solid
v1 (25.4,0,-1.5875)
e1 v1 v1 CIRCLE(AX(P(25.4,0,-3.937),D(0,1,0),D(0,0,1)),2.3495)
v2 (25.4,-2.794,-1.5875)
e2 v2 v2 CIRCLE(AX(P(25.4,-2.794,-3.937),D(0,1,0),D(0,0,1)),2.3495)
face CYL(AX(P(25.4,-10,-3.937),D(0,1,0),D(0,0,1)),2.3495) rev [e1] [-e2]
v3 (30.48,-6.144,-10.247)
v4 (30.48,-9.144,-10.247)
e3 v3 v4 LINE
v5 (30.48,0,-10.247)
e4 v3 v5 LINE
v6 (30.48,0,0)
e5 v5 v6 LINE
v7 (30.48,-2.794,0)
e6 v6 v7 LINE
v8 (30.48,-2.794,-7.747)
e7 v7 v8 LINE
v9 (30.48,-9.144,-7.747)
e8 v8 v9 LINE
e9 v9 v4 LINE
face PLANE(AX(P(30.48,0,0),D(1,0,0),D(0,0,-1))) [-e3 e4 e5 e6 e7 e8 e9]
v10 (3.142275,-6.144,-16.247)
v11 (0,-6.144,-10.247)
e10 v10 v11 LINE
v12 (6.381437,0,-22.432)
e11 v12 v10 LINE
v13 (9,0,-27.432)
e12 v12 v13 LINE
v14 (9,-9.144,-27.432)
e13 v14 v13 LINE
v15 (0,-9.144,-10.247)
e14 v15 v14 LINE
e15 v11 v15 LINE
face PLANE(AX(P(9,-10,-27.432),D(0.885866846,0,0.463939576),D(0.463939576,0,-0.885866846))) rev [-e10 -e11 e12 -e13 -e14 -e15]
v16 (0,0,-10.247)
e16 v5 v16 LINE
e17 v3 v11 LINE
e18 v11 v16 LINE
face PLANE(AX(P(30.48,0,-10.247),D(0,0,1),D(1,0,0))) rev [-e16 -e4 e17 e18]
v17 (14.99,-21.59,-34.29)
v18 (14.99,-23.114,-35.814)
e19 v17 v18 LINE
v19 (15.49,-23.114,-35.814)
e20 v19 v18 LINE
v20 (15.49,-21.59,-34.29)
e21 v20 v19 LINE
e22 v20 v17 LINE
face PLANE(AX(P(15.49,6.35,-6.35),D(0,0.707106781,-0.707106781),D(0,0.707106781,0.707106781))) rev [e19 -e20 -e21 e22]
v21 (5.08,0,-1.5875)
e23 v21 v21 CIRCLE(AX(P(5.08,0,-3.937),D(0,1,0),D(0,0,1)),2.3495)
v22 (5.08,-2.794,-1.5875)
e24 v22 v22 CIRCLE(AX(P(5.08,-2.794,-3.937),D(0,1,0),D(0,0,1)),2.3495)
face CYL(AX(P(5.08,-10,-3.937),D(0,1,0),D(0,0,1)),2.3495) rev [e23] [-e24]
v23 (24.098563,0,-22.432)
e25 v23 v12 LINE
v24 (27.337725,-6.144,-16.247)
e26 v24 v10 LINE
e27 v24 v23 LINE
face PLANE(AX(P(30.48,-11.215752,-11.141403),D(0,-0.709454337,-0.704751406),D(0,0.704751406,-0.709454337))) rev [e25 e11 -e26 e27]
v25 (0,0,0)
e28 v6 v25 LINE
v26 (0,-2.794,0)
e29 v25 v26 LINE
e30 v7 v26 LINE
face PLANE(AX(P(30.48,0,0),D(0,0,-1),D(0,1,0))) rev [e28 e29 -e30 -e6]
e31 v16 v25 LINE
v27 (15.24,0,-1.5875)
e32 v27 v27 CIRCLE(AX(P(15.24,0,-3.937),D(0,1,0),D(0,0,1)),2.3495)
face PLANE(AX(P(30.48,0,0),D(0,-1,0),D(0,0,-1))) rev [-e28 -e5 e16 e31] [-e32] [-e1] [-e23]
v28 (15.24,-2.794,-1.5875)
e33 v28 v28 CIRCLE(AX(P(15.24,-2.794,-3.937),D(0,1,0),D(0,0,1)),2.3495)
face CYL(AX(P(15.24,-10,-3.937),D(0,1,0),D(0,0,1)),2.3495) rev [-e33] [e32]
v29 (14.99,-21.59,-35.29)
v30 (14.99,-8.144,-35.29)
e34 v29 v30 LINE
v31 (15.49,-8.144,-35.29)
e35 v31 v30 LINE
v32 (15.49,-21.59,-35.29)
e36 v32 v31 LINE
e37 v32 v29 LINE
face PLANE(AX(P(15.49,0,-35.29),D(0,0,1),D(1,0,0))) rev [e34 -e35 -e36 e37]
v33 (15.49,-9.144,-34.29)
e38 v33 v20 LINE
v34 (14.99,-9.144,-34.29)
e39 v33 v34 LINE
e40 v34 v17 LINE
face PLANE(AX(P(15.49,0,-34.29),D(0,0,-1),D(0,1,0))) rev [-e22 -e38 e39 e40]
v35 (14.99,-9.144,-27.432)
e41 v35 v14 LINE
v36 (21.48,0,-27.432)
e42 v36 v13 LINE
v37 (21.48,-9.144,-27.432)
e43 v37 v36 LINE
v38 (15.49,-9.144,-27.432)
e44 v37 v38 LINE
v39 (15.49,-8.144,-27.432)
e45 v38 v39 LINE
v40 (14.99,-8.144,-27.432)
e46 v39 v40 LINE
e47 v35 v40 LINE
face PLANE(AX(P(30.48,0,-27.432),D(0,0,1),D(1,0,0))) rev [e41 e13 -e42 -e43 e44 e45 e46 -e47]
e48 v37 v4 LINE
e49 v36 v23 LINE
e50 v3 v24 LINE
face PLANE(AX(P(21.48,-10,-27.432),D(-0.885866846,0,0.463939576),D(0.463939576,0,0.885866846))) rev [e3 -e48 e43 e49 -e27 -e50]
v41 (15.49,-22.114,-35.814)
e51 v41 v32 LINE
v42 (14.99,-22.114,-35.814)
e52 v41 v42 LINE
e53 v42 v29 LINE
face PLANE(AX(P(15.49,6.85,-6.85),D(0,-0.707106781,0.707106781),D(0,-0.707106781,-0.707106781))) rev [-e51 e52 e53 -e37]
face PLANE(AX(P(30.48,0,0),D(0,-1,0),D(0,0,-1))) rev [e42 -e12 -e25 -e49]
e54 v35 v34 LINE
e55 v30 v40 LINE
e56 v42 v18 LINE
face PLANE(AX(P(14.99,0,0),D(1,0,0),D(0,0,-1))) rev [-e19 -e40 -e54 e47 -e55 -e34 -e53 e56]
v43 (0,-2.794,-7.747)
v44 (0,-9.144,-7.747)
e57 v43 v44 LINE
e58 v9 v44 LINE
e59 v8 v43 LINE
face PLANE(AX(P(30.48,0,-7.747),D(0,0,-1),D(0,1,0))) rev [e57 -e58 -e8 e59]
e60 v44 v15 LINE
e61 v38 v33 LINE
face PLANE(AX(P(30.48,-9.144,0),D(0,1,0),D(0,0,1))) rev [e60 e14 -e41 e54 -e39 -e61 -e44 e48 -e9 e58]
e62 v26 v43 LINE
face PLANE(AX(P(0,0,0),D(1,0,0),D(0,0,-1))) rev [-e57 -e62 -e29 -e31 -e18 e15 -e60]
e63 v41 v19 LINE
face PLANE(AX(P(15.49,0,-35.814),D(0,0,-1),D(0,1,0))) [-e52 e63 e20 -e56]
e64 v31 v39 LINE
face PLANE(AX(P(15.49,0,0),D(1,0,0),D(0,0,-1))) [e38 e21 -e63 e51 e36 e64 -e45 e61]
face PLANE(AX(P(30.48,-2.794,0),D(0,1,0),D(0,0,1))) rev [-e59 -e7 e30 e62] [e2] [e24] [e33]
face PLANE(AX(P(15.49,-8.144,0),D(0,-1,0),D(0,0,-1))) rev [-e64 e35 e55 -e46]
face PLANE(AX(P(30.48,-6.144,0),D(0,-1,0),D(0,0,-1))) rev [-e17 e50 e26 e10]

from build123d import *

# Parameters (mm, degrees)
BOSS_EXTRUDE1_DEPTH = 30.48
SKETCH2_R           = 2.3495
CUT_EXTRUDE1_DEPTH  = 10
BOSS_EXTRUDE2_START = 14.99
BOSS_EXTRUDE2_DEPTH = 0.5


with BuildPart() as part:
    # Sketch1 → Boss-Extrude1 (new body)
    with BuildSketch(Plane(origin=(0, 0, 0), x_dir=(0, 0, -1), z_dir=(1, 0, 0))):
        Polygon((10.247, 0), (0, 0), (0, -2.794), (7.747, -2.794), (7.747, -9.144), (27.432, -9.144), (27.432, -8.144), (27.432, 0), (22.432, 0), (16.247, -6.144), (10.247, -6.144), align=None)
    extrude(amount=BOSS_EXTRUDE1_DEPTH)

    # Sketch2 → Cut-Extrude1 (cut)
    with BuildSketch(Plane(origin=(0, 0, 0), x_dir=(1, 0, 0), z_dir=(0, 1, 0))):
        with Locations((5.08, 3.937)):
            Circle(SKETCH2_R)
        with Locations((15.24, 3.937)):
            Circle(SKETCH2_R)
        with Locations((25.4, 3.937)):
            Circle(SKETCH2_R)
        Polygon((9, 27.432), (0, 10.247), (0, 27.432), align=None)
        Polygon((21.48, 27.432), (30.48, 10.247), (30.48, 27.432), align=None)
    extrude(amount=-CUT_EXTRUDE1_DEPTH, mode=Mode.SUBTRACT)

    # Sketch1<4> → Boss-Extrude2 (add)
    with BuildSketch(Plane(origin=(0, 0, 0), x_dir=(0, 0, -1), z_dir=(1, 0, 0)).offset(BOSS_EXTRUDE2_START)):
        Polygon((27.432, -8.144), (27.432, -9.144), (34.29, -9.144), (34.29, -21.59), (35.814, -23.114), (35.814, -22.114), (35.29, -21.59), (35.29, -8.144), align=None)
    extrude(amount=BOSS_EXTRUDE2_DEPTH)


solid = part.part
